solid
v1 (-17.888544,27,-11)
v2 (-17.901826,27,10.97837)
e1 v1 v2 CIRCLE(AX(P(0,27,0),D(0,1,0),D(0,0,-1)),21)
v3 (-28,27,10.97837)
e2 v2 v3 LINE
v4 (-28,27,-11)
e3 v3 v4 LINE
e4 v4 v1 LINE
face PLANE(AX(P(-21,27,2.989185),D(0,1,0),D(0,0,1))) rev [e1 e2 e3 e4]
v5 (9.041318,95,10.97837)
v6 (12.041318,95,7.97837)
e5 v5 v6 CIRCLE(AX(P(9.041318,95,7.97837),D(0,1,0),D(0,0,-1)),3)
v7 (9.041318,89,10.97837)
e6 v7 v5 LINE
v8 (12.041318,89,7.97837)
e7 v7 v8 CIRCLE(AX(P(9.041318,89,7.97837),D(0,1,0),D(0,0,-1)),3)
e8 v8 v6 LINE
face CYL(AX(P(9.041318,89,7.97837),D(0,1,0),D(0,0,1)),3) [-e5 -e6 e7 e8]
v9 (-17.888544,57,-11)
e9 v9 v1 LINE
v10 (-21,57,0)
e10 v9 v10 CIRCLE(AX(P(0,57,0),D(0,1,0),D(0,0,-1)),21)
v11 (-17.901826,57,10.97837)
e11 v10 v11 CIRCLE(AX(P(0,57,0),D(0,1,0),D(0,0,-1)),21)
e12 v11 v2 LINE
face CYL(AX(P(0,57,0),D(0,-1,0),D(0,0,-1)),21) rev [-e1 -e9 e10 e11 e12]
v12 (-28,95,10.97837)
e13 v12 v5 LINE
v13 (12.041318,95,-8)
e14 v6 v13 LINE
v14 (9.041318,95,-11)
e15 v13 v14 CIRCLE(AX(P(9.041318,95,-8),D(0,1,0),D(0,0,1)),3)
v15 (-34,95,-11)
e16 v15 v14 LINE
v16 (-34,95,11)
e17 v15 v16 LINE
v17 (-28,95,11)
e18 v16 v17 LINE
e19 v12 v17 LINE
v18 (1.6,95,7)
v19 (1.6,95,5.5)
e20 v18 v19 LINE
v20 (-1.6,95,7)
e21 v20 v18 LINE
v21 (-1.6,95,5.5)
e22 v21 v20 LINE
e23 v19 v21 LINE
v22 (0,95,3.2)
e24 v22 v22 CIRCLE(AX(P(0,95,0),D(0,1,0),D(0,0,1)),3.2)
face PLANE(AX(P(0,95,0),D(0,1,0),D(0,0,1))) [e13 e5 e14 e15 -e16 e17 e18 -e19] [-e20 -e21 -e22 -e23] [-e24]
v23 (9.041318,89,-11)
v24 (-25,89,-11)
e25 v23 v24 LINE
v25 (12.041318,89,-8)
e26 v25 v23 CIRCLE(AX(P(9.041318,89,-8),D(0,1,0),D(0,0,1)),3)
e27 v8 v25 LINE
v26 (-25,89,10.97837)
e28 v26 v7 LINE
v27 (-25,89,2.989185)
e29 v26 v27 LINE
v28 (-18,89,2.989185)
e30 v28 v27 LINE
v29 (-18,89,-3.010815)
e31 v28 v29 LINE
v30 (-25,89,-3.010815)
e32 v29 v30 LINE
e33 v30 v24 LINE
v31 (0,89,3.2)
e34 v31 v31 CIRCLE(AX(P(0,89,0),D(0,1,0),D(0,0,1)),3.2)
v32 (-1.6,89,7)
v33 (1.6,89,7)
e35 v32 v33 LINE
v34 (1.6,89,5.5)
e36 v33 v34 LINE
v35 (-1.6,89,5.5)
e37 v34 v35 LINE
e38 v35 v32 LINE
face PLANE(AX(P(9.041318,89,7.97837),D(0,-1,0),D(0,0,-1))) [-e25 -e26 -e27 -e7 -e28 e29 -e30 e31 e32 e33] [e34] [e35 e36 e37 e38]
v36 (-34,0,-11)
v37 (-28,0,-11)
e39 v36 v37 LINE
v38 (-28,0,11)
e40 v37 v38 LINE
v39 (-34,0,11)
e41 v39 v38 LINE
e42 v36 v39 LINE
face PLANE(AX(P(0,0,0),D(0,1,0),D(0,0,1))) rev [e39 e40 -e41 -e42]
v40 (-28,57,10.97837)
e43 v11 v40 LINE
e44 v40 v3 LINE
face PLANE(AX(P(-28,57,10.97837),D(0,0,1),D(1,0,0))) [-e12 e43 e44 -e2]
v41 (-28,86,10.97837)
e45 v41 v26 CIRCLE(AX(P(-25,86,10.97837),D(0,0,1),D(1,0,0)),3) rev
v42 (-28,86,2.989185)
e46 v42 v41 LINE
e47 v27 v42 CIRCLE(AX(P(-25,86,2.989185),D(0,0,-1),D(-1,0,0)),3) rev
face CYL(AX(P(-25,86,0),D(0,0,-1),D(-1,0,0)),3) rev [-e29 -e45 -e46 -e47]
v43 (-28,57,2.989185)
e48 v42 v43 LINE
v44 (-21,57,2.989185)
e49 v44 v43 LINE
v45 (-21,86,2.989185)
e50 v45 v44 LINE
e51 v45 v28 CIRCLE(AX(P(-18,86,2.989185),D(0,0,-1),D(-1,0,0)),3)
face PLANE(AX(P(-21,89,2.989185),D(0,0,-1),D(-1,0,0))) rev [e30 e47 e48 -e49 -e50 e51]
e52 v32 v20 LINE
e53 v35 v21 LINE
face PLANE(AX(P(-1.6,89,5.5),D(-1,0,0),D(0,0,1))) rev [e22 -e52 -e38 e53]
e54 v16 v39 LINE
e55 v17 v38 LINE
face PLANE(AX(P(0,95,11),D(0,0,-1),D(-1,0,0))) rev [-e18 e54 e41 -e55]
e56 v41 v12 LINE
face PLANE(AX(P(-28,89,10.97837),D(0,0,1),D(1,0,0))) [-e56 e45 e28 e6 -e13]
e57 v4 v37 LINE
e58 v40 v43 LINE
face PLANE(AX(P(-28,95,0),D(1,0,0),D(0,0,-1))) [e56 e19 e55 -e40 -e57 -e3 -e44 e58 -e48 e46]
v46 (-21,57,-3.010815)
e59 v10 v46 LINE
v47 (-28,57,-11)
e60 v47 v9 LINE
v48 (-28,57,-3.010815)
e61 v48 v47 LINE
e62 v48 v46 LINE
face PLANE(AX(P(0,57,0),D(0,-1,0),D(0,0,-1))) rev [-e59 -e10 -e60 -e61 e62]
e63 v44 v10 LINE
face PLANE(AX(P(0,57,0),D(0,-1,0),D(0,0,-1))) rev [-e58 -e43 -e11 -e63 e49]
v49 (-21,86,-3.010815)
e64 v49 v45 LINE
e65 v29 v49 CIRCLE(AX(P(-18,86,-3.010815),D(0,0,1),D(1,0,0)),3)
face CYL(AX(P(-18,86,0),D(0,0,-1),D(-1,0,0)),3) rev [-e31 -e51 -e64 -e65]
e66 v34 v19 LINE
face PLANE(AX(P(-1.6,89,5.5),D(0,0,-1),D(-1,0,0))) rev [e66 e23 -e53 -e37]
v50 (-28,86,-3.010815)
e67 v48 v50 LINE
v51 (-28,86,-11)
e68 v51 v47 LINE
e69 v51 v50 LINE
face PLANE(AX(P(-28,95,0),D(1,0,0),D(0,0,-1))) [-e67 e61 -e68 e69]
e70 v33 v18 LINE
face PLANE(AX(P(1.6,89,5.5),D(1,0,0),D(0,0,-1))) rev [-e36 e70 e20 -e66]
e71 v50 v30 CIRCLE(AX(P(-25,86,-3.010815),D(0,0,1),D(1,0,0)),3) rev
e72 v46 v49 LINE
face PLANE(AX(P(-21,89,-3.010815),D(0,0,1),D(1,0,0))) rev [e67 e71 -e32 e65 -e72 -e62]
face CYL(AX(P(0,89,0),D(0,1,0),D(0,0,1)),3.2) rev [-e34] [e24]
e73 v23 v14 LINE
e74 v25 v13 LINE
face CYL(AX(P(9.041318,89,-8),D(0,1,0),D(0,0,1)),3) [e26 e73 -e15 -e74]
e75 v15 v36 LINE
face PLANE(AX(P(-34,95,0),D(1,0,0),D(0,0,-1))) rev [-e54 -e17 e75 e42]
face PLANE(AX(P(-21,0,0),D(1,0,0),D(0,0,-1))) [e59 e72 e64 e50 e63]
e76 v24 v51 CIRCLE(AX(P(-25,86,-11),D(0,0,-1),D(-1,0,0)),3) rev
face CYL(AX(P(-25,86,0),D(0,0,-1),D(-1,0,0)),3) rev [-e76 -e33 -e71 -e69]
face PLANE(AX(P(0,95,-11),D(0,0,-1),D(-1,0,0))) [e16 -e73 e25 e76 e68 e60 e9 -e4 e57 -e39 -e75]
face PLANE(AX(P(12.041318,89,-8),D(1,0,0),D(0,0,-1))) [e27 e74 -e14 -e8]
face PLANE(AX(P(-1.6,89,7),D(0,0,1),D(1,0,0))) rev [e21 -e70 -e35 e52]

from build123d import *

# Parameters (mm, degrees)
SKETCH2_W           = 6
SKETCH2_H           = 22
BOSS_EXTRUDE2_DEPTH = 95
SKETCH3_R           = 3.2
SKETCH3_W           = 3.2
SKETCH3_H           = 1.5
BOSS_EXTRUDE3_DEPTH = 6
SKETCH4_W           = 6
SKETCH4_H           = 62
BOSS_EXTRUDE4_DEPTH = 7
BOSS_EXTRUDE5_DEPTH = 30
FILLET4_R           = 3


with BuildPart() as part:
    # Sketch2 → Boss-Extrude2 (new body)
    with BuildSketch(Plane(origin=(0, 0, 0), x_dir=(1, 0, 0), z_dir=(0, 1, 0))):
        with Locations((-31, 0)):
            Rectangle(SKETCH2_W, SKETCH2_H)
    extrude(amount=BOSS_EXTRUDE2_DEPTH)

    # Sketch3 → Boss-Extrude3 (add)
    with BuildSketch(Plane(origin=(0, 95, 0), x_dir=(1, 0, 0), z_dir=(0, 1, 0))):
        with BuildLine():
            Line((-28, 11), (9.041317524, 11))
            ThreePointArc((9.041317524, 11), (11.162637868, 10.121320344), (12.041317524, 8))
            Line((12.041317524, 8), (12.041317524, -7.97837003))
            ThreePointArc((12.041317524, -7.97837003), (11.162637868, -10.099690374), (9.041317524, -10.97837003))
            Line((9.041317524, -10.97837003), (-28, -10.97837003))
            Line((-28, -10.97837003), (-28, 11))
        make_face()
        with Locations(Location((0, 0, 0), (0, 0, 270))):
            Circle(SKETCH3_R, mode=Mode.SUBTRACT)
        with Locations((0, -6.25)):
            Rectangle(SKETCH3_W, SKETCH3_H, mode=Mode.SUBTRACT)
    extrude(amount=-BOSS_EXTRUDE3_DEPTH)

    # Sketch4 → Boss-Extrude4 (add)
    with BuildSketch(Plane(origin=(-28, 0, 0), x_dir=(0, 0, -1), z_dir=(1, 0, 0))):
        with Locations((0.010814985, 58)):
            Rectangle(SKETCH4_W, SKETCH4_H)
    extrude(amount=BOSS_EXTRUDE4_DEPTH)

    # Sketch5 → Boss-Extrude5 (add)
    with BuildSketch(Plane.XZ.offset(-27)):
        with BuildLine():
            Line((-28, 10.97837003), (-17.901826484, 10.97837003))
            ThreePointArc((-17.901826484, 10.97837003), (-20.999996165, -0.012691382), (-17.88854382, -11))
            Line((-17.88854382, -11), (-28, -11))
            Line((-28, -11), (-28, 10.97837003))
        make_face()
    extrude(amount=-BOSS_EXTRUDE5_DEPTH)

    # Fillet4
    fillet4_edges = [part.edges().sort_by_distance(p)[0] for p in [
        (-28, 89, -7.005407492),
        (-28, 89, 6.983777523),
        (-21, 89, -0.010814985),
    ]]
    fillet(fillet4_edges, radius=FILLET4_R)


solid = part.part
